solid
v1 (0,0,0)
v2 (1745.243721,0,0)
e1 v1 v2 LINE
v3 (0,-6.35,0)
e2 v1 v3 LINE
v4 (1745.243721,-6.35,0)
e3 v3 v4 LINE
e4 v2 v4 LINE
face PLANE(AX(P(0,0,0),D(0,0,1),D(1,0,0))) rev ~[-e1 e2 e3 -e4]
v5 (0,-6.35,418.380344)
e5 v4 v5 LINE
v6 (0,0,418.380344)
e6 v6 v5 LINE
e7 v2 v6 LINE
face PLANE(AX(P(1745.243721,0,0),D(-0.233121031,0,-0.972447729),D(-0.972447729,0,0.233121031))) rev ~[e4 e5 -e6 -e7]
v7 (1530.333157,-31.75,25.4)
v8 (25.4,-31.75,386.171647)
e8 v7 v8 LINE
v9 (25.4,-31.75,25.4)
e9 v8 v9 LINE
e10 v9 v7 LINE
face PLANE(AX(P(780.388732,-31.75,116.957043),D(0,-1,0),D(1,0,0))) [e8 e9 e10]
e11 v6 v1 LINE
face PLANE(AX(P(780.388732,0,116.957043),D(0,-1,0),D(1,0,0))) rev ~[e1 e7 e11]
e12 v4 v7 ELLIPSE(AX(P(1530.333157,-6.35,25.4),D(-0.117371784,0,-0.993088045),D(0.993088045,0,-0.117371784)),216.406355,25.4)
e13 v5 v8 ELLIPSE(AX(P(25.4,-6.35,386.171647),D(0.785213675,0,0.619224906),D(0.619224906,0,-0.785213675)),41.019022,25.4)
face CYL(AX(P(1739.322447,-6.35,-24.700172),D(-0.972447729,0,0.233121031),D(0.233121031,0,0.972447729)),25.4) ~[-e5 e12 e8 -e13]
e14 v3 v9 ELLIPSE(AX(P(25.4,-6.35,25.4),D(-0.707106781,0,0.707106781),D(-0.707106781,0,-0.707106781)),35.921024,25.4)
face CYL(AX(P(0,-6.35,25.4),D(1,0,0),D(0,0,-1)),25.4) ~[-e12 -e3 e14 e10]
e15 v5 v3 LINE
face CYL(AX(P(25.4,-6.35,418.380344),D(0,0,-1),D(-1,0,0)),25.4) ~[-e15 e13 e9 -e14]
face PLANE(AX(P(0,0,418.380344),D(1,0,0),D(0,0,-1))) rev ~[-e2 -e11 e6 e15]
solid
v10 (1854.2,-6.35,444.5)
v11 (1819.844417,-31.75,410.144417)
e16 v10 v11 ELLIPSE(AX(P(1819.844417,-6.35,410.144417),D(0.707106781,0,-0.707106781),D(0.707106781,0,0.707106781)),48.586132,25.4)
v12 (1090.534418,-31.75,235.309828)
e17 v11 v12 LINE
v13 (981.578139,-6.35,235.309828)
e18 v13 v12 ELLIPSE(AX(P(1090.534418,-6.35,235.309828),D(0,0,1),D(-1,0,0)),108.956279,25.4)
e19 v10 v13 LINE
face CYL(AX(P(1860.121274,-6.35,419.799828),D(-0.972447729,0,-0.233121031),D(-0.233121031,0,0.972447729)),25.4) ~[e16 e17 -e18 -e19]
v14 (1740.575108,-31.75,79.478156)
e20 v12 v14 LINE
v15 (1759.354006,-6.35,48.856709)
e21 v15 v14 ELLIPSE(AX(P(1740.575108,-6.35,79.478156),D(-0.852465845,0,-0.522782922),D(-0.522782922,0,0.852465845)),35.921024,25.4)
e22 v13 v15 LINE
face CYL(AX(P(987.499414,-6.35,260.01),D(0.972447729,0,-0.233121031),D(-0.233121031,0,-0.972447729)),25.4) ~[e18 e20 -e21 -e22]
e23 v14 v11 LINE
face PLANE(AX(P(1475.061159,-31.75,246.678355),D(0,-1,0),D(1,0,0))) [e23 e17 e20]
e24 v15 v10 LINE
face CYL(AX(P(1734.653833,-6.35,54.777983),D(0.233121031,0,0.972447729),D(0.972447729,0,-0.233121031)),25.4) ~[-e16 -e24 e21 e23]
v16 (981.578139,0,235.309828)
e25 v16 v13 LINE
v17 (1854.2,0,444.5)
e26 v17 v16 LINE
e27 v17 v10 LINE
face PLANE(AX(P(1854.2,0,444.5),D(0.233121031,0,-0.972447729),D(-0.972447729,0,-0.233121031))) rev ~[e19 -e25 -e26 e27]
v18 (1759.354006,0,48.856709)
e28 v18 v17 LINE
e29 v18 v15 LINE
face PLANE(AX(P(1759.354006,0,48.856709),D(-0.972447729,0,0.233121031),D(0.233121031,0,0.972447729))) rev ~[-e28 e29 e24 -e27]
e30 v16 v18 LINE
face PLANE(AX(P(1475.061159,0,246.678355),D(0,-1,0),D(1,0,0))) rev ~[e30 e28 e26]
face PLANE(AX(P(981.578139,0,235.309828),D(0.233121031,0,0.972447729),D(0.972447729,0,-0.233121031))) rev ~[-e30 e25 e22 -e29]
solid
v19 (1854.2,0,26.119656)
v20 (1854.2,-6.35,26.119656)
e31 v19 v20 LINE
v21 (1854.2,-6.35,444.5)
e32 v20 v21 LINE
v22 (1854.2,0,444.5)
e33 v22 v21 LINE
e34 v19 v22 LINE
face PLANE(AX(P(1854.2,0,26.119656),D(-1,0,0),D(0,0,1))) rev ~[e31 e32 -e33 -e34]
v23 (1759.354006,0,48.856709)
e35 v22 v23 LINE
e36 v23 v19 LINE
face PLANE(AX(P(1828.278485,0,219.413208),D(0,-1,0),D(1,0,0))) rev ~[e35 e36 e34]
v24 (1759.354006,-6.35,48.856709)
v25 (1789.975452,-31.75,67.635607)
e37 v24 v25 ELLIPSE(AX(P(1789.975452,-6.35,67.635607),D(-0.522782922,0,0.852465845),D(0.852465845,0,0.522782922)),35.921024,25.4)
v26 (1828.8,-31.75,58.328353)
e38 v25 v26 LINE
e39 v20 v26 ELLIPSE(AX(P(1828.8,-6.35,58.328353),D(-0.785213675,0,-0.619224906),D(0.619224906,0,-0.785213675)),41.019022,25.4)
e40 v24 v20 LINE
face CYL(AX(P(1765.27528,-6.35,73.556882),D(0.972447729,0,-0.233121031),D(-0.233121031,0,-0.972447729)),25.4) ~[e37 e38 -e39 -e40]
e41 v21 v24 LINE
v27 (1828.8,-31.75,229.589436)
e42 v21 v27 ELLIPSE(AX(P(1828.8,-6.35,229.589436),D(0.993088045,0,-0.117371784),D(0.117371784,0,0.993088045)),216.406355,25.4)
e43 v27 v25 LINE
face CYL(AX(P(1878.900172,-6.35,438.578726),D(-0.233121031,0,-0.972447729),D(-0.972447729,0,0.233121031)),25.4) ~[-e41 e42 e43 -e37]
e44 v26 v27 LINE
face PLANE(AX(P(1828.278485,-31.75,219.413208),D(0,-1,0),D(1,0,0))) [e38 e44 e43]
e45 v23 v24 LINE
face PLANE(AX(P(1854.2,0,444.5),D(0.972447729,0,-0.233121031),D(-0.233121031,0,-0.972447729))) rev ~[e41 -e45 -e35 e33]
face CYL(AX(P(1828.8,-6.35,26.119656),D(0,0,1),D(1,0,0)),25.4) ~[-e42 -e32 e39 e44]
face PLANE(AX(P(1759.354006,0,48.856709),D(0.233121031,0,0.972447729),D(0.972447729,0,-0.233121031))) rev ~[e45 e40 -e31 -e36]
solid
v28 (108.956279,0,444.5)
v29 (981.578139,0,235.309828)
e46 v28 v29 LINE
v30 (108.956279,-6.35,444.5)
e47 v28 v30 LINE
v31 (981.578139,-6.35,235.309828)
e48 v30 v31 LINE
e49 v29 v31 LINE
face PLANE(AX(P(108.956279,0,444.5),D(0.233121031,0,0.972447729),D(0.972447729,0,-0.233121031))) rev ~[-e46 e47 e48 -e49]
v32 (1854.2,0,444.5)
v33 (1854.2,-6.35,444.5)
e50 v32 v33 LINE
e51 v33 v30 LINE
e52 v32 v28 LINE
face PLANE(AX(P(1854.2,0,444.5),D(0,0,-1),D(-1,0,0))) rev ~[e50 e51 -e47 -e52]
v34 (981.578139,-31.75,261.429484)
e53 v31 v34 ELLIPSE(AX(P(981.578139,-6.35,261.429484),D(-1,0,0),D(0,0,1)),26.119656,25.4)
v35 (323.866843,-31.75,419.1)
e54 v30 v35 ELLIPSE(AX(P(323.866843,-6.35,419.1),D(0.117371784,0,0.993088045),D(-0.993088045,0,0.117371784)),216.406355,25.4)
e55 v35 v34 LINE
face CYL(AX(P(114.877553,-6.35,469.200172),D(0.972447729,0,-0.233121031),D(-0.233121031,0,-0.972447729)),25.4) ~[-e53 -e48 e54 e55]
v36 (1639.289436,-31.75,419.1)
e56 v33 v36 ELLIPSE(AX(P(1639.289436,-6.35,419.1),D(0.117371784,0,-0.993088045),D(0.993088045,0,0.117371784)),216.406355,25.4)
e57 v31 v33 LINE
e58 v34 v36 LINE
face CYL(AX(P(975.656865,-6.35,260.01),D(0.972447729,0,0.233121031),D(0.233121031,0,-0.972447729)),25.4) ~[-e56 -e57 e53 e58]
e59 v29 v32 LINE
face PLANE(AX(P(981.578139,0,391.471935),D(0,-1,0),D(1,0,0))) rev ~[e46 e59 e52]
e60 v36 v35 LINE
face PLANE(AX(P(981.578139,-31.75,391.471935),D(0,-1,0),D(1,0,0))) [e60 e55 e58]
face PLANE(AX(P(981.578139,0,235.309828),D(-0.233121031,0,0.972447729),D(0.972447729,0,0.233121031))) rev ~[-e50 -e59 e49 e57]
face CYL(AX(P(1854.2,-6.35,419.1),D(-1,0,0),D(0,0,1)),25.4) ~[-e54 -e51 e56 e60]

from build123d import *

# Parameters (mm, degrees)
F1_DEPTH = 31.75
F2_R     = 25.4
F3_R     = 25.4
F3_2_R   = 25.4
F4_DEPTH = 31.75
F5_R     = 25.4


with BuildPart() as f1:
    # F0 (on Front) → F1 (new body)
    with BuildSketch(Plane.XZ):
        Polygon((0, 418.3803441549), (0, 0), (1745.2437213318, 0), align=None)
    extrude(amount=F1_DEPTH)

    # F2
    f2_edges = [f1.edges().sort_by_distance(p)[0] for p in [
        (0, -31.75, 209.190172),
        (872.621861, -31.75, 0),
        (872.621861, -31.75, 209.190172),
    ]]
    fillet(f2_edges, radius=F2_R)


with BuildPart() as f1b:
    # F0 (on Front) → F1, piece 2 (new body)
    with BuildSketch(Plane.XZ):
        Polygon((1854.2, 444.5), (108.9562786682, 444.5), (981.5781393341, 235.3098279226), align=None)
    extrude(amount=F1_DEPTH)

    # F3
    f3_edges = [f1b.edges().sort_by_distance(p)[0] for p in [
        (1417.88907, -31.75, 339.904914),
        (981.578139, -31.75, 444.5),
        (545.267209, -31.75, 339.904914),
    ]]
    fillet(f3_edges, radius=F3_R)


with BuildPart() as f1c:
    # F0 (on Front) → F1, piece 3 (new body)
    with BuildSketch(Plane.XZ):
        Polygon((1759.3540056505, 48.8567092851), (1854.2, 26.1196558451), (1854.2, 444.5), align=None)
    extrude(amount=F1_DEPTH)

    # F3#2
    f3_2_edges = [f1c.edges().sort_by_distance(p)[0] for p in [
        (1806.777003, -31.75, 37.488183),
        (1854.2, -31.75, 235.309828),
        (1806.777003, -31.75, 246.678355),
    ]]
    fillet(f3_2_edges, radius=F3_2_R)


with BuildPart() as f4:
    # F0 (on Front) → F4 (new body)
    with BuildSketch(Plane.XZ):
        Polygon((1759.3540056505, 48.8567092851), (1854.2, 444.5), (981.5781393341, 235.3098279226), align=None)
    extrude(amount=F4_DEPTH)

    # F5
    f5_edges = [f4.edges().sort_by_distance(p)[0] for p in [
        (1806.777003, -31.75, 246.678355),
        (1417.88907, -31.75, 339.904914),
        (1370.466072, -31.75, 142.083269),
    ]]
    fillet(f5_edges, radius=F5_R)


solid = Compound([f1.part, f1b.part, f1c.part, f4.part])
